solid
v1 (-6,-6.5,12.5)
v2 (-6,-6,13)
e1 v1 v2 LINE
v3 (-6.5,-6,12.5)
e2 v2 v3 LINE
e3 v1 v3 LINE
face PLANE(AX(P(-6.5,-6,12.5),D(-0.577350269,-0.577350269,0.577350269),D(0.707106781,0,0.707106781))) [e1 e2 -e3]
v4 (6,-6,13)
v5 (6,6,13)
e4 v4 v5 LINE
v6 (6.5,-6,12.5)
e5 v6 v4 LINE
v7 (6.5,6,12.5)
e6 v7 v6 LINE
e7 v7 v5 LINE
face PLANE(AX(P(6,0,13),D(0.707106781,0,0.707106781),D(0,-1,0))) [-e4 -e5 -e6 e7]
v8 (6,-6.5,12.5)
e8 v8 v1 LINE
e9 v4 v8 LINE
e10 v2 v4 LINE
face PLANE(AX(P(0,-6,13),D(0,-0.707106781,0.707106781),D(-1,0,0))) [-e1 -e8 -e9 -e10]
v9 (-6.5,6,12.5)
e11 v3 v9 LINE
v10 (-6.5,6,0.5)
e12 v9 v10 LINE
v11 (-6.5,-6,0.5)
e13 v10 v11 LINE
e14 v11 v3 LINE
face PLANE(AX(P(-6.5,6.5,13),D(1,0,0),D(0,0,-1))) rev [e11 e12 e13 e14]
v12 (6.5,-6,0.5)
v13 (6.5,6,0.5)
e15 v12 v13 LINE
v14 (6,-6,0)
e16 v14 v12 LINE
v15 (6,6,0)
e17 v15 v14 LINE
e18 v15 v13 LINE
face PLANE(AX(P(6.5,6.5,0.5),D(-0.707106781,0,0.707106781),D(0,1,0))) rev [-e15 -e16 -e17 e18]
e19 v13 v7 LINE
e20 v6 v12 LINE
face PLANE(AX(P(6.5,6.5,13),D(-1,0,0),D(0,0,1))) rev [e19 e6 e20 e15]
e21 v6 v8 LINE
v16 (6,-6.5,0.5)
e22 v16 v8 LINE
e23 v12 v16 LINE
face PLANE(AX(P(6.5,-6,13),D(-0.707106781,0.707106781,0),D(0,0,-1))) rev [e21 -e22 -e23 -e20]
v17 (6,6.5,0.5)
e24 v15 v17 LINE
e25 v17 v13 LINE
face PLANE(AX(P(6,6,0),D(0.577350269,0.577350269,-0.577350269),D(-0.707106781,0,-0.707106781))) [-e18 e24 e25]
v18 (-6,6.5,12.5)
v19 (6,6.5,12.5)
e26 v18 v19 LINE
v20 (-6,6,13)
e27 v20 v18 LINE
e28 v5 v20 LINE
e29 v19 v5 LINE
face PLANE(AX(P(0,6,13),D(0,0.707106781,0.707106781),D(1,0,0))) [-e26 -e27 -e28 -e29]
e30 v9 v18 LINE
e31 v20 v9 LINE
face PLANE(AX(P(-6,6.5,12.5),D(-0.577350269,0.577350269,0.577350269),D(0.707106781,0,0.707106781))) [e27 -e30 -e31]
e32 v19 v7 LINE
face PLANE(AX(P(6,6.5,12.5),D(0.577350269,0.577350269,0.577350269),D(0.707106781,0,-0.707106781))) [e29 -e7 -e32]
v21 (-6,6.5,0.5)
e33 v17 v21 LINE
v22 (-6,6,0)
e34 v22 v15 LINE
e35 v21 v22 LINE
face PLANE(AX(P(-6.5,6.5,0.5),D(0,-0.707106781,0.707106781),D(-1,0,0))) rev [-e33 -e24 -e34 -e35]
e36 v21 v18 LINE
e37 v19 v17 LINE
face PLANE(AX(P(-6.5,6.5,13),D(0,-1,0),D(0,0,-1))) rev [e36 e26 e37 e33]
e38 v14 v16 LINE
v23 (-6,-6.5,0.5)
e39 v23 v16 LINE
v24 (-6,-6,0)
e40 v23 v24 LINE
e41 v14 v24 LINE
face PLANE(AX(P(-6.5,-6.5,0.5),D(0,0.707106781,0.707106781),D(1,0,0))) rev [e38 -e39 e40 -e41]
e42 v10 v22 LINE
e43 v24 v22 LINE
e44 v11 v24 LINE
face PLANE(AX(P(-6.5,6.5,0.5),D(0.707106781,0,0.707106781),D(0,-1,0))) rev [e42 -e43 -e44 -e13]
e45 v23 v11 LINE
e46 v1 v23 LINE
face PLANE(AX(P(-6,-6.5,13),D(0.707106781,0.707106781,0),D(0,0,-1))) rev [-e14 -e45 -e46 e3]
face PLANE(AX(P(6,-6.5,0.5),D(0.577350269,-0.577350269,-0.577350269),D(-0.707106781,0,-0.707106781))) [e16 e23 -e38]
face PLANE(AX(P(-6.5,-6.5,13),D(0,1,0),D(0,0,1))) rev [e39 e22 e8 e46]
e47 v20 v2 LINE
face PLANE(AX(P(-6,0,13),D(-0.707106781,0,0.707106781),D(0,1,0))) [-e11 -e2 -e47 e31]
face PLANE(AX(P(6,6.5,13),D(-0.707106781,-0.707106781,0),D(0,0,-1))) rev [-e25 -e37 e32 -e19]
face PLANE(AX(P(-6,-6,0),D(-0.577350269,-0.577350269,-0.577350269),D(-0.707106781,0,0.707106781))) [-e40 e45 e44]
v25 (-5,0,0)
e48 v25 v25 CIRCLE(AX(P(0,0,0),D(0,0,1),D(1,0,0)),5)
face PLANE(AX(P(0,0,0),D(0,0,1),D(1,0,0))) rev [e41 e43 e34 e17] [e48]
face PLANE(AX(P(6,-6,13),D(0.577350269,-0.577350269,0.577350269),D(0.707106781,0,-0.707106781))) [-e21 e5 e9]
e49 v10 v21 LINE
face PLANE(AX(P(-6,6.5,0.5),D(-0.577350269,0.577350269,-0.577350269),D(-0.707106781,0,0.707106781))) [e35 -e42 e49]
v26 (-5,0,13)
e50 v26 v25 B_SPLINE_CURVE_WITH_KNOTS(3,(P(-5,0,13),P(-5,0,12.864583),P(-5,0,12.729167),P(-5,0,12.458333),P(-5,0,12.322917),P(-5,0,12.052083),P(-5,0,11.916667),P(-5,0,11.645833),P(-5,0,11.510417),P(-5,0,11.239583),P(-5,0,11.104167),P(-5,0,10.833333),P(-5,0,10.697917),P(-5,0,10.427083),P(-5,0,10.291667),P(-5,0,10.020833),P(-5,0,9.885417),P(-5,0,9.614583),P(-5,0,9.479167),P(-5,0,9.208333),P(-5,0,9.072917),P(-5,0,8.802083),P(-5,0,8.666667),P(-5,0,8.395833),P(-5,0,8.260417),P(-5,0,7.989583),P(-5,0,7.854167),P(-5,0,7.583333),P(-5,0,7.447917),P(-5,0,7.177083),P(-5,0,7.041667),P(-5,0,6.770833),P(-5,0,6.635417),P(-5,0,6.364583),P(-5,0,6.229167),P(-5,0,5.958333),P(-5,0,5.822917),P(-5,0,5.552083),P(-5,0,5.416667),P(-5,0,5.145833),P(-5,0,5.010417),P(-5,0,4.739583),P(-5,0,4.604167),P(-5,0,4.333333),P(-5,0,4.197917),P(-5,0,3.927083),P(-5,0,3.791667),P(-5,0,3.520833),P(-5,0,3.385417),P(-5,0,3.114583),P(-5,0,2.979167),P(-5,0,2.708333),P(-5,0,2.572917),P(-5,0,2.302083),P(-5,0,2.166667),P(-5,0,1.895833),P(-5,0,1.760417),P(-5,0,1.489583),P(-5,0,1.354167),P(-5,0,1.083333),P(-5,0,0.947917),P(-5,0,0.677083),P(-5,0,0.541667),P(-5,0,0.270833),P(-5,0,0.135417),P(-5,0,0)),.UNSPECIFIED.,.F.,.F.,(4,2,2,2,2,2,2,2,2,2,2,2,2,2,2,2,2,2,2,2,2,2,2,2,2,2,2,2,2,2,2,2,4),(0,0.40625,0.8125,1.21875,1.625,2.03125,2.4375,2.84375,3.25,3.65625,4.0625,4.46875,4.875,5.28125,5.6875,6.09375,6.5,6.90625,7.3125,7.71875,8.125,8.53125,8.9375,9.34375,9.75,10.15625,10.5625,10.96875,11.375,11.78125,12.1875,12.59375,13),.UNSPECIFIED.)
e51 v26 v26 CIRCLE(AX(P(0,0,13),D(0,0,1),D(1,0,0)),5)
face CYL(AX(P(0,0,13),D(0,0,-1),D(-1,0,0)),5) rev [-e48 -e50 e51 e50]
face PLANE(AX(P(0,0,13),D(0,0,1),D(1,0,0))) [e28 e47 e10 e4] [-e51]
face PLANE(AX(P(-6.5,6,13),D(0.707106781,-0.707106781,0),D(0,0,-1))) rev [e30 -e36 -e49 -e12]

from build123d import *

# Parameters (mm, degrees)
SKETCH1_W           = 13
SKETCH1_H           = 13
SKETCH1_R           = 5
BOSS_EXTRUDE1_DEPTH = 13
CHAMFER1_SIZE       = 0.5


with BuildPart() as part:
    # Sketch1 → Boss-Extrude1 (new body)
    with BuildSketch(Plane.XY):
        Rectangle(SKETCH1_W, SKETCH1_H)
        with Locations(Location((0, 0, 0), (0, 0, 180))):
            Circle(SKETCH1_R, mode=Mode.SUBTRACT)
    extrude(amount=BOSS_EXTRUDE1_DEPTH)

    # Chamfer1
    chamfer1_edges = [part.edges().sort_by_distance(p)[0] for p in [
        (-6.5, 0, 13),
        (0, -6.5, 13),
        (6.5, 0, 13),
        (0, -6.5, 0),
        (-6.5, 0, 0),
        (0, 6.5, 0),
        (6.5, 0, 0),
        (6.5, -6.5, 6.5),
        (-6.5, -6.5, 6.5),
        (-6.5, 6.5, 6.5),
        (6.5, 6.5, 6.5),
        (0, 6.5, 13),
    ]]
    chamfer(chamfer1_edges, length=CHAMFER1_SIZE)


solid = part.part
